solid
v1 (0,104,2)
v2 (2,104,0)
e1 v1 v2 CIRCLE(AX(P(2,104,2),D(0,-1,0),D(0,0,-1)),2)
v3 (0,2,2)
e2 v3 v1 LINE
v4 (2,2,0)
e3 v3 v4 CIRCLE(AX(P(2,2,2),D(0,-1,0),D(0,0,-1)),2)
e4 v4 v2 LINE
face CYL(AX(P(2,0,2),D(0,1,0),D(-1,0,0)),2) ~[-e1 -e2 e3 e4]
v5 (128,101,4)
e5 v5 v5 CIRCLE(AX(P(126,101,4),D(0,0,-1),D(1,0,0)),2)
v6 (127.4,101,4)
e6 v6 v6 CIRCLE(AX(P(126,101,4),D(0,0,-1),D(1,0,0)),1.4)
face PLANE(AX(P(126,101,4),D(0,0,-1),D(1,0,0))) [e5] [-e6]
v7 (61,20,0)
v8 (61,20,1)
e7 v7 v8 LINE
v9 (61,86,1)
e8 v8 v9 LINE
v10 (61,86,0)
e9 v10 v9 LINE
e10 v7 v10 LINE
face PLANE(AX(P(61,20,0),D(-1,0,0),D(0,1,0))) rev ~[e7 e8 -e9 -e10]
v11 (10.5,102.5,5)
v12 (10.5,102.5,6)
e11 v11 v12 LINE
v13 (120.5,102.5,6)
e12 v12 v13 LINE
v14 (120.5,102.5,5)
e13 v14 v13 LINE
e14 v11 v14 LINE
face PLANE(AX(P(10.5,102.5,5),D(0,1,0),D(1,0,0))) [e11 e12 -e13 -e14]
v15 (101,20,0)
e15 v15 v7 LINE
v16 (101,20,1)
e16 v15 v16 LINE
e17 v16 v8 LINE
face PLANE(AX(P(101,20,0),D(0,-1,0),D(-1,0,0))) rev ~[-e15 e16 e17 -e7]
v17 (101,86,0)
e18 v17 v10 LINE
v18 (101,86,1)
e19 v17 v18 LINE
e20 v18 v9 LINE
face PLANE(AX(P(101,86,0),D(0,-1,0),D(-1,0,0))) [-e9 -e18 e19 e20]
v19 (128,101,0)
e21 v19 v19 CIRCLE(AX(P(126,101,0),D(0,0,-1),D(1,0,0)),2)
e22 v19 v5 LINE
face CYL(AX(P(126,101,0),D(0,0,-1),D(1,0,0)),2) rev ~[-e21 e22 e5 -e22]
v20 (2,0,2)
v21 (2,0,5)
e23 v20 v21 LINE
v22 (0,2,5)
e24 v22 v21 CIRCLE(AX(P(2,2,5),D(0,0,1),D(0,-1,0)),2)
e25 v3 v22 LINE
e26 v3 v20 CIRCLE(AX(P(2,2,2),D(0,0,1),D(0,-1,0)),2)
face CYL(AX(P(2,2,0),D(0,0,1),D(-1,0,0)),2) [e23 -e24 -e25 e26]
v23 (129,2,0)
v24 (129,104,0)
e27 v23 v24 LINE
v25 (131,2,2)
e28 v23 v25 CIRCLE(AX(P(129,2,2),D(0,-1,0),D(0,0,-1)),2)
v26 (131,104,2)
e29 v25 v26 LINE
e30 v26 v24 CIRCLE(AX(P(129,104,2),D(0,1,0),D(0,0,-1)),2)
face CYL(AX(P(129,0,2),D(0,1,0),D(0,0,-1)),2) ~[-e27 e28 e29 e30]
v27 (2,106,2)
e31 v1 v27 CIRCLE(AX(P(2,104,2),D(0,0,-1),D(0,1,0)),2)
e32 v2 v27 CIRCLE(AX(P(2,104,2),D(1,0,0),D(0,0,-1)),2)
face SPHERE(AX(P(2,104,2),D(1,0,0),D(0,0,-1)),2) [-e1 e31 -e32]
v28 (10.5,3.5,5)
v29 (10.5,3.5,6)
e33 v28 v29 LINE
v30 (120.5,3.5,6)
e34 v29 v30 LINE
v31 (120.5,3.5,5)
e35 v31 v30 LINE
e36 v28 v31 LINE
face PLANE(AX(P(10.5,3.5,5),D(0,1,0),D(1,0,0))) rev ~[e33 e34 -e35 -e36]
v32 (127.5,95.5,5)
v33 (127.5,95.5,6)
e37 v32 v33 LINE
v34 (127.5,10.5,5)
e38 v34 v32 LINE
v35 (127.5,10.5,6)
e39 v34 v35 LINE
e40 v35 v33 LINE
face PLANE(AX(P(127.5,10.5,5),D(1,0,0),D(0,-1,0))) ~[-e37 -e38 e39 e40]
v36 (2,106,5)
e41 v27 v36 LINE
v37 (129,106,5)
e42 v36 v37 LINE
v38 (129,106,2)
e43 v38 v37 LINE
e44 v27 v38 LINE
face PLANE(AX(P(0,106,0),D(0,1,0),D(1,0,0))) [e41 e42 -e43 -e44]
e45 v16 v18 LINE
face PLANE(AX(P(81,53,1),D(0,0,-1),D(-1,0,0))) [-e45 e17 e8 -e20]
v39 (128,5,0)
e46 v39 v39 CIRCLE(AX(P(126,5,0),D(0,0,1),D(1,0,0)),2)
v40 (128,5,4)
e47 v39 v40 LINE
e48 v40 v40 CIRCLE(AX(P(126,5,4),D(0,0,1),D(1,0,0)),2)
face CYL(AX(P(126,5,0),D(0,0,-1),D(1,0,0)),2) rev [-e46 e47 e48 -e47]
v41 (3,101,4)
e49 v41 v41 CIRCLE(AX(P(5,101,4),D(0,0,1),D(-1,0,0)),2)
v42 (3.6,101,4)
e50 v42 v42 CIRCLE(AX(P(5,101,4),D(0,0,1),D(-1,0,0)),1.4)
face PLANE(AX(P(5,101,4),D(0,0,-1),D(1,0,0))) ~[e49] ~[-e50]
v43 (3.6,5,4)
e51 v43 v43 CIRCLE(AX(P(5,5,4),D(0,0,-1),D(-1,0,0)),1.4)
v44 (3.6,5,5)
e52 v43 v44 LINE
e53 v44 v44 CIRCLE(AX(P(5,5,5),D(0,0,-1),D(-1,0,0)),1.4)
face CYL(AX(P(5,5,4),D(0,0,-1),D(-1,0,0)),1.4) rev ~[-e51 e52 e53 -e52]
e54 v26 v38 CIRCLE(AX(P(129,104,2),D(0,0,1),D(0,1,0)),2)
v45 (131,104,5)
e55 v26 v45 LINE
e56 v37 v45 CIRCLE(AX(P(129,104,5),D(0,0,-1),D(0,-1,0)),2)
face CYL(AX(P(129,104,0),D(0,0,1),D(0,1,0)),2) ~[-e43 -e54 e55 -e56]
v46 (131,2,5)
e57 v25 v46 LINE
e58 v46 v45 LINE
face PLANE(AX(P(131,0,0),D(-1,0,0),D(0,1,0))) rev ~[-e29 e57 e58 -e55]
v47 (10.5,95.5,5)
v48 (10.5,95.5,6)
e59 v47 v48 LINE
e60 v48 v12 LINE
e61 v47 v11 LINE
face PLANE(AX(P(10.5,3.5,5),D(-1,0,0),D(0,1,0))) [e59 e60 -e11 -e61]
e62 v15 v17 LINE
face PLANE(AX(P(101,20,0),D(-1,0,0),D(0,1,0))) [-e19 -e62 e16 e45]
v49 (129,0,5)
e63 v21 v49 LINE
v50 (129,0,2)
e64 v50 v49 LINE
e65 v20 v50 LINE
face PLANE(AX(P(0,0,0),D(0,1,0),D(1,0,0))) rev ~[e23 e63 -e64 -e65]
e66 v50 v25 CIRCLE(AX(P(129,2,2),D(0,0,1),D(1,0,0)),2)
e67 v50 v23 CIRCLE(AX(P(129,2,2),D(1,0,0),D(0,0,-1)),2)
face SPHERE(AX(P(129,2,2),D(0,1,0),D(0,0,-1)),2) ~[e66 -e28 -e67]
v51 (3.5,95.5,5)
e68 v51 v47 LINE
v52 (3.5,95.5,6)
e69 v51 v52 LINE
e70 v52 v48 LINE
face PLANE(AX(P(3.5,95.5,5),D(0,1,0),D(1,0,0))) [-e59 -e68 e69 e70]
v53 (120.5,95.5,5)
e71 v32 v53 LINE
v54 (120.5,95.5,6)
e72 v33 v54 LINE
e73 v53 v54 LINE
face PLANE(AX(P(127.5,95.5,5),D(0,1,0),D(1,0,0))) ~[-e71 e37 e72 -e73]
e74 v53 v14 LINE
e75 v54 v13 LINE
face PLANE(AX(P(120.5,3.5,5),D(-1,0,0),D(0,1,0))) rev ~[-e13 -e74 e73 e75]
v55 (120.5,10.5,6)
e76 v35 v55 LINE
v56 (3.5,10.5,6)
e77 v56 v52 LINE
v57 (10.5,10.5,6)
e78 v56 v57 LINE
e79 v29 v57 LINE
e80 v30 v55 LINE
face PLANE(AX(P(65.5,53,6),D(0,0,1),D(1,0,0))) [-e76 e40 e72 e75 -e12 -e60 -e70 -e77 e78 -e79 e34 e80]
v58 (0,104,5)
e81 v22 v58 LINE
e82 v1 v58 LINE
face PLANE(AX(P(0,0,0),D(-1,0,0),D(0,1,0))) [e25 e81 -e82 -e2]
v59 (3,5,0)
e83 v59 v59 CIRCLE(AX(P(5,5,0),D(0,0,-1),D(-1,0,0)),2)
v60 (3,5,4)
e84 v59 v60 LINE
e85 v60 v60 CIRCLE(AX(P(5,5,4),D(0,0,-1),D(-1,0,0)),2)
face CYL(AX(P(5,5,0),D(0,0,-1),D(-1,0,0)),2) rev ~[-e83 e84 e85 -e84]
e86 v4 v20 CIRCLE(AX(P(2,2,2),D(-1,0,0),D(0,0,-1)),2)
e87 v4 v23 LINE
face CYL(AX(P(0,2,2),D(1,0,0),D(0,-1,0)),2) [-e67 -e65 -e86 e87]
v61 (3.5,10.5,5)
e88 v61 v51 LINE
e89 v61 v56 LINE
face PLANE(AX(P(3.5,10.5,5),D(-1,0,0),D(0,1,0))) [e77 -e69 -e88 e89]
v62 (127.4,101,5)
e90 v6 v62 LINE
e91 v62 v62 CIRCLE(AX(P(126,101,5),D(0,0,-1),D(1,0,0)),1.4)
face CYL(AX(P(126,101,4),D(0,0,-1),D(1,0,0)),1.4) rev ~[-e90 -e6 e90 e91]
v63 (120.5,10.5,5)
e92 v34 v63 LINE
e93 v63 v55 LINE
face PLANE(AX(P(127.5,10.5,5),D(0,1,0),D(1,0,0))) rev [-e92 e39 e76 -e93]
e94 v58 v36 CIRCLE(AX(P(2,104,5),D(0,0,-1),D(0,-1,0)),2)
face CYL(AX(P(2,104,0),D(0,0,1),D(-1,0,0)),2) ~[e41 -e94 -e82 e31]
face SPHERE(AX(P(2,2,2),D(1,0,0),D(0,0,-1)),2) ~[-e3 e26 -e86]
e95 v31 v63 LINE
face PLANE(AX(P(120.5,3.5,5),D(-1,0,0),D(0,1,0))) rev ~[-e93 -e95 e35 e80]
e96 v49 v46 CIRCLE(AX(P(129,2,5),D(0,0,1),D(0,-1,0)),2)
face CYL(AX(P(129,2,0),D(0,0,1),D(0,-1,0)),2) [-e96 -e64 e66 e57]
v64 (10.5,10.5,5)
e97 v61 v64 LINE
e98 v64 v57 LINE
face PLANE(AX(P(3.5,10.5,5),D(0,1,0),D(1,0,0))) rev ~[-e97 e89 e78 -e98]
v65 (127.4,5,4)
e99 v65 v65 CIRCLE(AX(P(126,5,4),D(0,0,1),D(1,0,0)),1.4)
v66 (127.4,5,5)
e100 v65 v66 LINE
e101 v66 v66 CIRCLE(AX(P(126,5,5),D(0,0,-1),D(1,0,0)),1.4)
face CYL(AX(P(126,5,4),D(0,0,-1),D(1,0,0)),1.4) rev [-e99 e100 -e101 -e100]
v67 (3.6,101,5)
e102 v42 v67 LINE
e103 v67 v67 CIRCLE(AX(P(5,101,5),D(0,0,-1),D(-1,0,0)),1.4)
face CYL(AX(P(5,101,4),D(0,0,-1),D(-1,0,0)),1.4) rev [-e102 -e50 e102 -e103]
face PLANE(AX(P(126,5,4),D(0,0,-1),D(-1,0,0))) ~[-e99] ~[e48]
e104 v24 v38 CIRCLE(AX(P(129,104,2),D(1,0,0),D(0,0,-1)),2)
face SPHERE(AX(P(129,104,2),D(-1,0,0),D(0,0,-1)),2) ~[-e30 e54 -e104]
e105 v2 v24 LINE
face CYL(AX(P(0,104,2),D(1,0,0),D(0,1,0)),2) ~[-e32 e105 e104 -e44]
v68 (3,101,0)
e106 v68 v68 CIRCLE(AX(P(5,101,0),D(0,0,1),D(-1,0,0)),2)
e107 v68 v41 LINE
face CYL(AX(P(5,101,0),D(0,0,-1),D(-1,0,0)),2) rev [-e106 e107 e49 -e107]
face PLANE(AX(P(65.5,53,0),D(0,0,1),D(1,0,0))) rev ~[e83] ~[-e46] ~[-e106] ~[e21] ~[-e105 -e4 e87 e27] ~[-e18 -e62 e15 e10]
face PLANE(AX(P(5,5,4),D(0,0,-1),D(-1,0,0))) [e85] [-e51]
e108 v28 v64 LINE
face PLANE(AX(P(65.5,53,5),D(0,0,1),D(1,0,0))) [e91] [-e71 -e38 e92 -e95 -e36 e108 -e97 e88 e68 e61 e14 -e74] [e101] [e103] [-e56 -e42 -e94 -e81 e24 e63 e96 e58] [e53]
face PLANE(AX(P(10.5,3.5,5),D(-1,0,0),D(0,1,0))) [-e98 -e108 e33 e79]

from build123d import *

# Parameters (mm, degrees)
SKETCH1_W               = 131
SKETCH1_H               = 106
BOSS_EXTRUDE1_DEPTH     = 5
SKETCH6_R               = 2
CUT_EXTRUDE1_DEPTH      = 4
SKETCH7_R               = 1.4
CUT_EXTRUDE2_DEPTH      = 2.8
MIRROR2_COPY_1_SKETCH_R = 2
MIRROR2_COPY_1_DEPTH    = 4
MIRROR2_COPY_2_SKETCH_R = 1.4
MIRROR2_COPY_2_DEPTH    = 2.8
SKETCH10_W              = 40
SKETCH10_H              = 66
CUT_EXTRUDE5_DEPTH      = 1
FILLET1_R               = 2
SKETCH8_W               = 110
SKETCH8_H               = 99
BOSS_EXTRUDE2_DEPTH     = 1
SKETCH11_W              = 7
SKETCH11_H              = 85
BOSS_EXTRUDE3_DEPTH     = 1


with BuildPart() as part:
    # Sketch1 → Boss-Extrude1 (new body)
    with BuildSketch(Plane.XY):
        with Locations((65.5, 53)):
            Rectangle(SKETCH1_W, SKETCH1_H)
    extrude(amount=BOSS_EXTRUDE1_DEPTH)

    # Sketch6 → Cut-Extrude1 (cut)
    with BuildSketch(Plane(origin=(0, 0, 0), x_dir=(-1, 0, 0), z_dir=(0, 0, -1))):
        with Locations((-5, 5)):
            Circle(SKETCH6_R)
    cut_extrude1 = extrude(amount=-CUT_EXTRUDE1_DEPTH, mode=Mode.SUBTRACT)

    # Sketch7 → Cut-Extrude2 (cut)
    with BuildSketch(Plane(origin=(0, 0, 4), x_dir=(-1, 0, 0), z_dir=(0, 0, -1))):
        with Locations((-5, 5)):
            Circle(SKETCH7_R)
    cut_extrude2 = extrude(amount=-CUT_EXTRUDE2_DEPTH, mode=Mode.SUBTRACT)

    # Mirror1: Cut-Extrude1, Cut-Extrude2 across plane
    add(cut_extrude1.mirror(Plane.ZY.offset(-65.5)), mode=Mode.SUBTRACT)
    add(cut_extrude2.mirror(Plane.ZY.offset(-65.5)), mode=Mode.SUBTRACT)

    # Mirror2: Cut-Extrude1, Cut-Extrude2 across plane
    add(cut_extrude1.mirror(Plane(origin=(0, 53, 0), x_dir=(0, 0, 1), z_dir=(0, -1, 0))), mode=Mode.SUBTRACT)
    add(cut_extrude2.mirror(Plane(origin=(0, 53, 0), x_dir=(0, 0, 1), z_dir=(0, -1, 0))), mode=Mode.SUBTRACT)

    # Mirror2 copy 1 sketch → Mirror2 copy 1 (cut)
    with BuildSketch(Plane(origin=(131, 106, 0), x_dir=(1, 0, 0), z_dir=(0, 0, -1))):
        with Locations((-5, 5)):
            Circle(MIRROR2_COPY_1_SKETCH_R)
    extrude(amount=-MIRROR2_COPY_1_DEPTH, mode=Mode.SUBTRACT)

    # Mirror2 copy 2 sketch → Mirror2 copy 2 (cut)
    with BuildSketch(Plane(origin=(131, 106, 4), x_dir=(1, 0, 0), z_dir=(0, 0, -1))):
        with Locations((-5, 5)):
            Circle(MIRROR2_COPY_2_SKETCH_R)
    extrude(amount=-MIRROR2_COPY_2_DEPTH, mode=Mode.SUBTRACT)

    # Sketch10 → Cut-Extrude5 (cut)
    with BuildSketch(Plane(origin=(0, 0, 0), x_dir=(-1, 0, 0), z_dir=(0, 0, -1))):
        with Locations((-81, 53)):
            Rectangle(SKETCH10_W, SKETCH10_H)
    extrude(amount=-CUT_EXTRUDE5_DEPTH, mode=Mode.SUBTRACT)

    # Fillet1
    fillet1_edges = [part.edges().sort_by_distance(p)[0] for p in [
        (65.5, 106, 0),
        (131, 53, 0),
        (65.5, 0, 0),
        (0, 53, 0),
        (0, 106, 2.5),
        (131, 106, 2.5),
        (131, 0, 2.5),
        (0, 0, 2.5),
    ]]
    fillet(fillet1_edges, radius=FILLET1_R)

    # Sketch8 → Boss-Extrude2 (add)
    with BuildSketch(Plane.XY.offset(5)):
        with Locations((65.5, 53)):
            Rectangle(SKETCH8_W, SKETCH8_H)
    extrude(amount=BOSS_EXTRUDE2_DEPTH)

    # Sketch11 → Boss-Extrude3 (add)
    with BuildSketch(Plane.XY.offset(5)):
        with Locations((7, 53)):
            Rectangle(SKETCH11_W, SKETCH11_H)
    boss_extrude3 = extrude(amount=BOSS_EXTRUDE3_DEPTH)

    # Mirror3: Boss-Extrude3 across plane
    add(boss_extrude3.mirror(Plane.ZY.offset(-65.5)))


solid = part.part
